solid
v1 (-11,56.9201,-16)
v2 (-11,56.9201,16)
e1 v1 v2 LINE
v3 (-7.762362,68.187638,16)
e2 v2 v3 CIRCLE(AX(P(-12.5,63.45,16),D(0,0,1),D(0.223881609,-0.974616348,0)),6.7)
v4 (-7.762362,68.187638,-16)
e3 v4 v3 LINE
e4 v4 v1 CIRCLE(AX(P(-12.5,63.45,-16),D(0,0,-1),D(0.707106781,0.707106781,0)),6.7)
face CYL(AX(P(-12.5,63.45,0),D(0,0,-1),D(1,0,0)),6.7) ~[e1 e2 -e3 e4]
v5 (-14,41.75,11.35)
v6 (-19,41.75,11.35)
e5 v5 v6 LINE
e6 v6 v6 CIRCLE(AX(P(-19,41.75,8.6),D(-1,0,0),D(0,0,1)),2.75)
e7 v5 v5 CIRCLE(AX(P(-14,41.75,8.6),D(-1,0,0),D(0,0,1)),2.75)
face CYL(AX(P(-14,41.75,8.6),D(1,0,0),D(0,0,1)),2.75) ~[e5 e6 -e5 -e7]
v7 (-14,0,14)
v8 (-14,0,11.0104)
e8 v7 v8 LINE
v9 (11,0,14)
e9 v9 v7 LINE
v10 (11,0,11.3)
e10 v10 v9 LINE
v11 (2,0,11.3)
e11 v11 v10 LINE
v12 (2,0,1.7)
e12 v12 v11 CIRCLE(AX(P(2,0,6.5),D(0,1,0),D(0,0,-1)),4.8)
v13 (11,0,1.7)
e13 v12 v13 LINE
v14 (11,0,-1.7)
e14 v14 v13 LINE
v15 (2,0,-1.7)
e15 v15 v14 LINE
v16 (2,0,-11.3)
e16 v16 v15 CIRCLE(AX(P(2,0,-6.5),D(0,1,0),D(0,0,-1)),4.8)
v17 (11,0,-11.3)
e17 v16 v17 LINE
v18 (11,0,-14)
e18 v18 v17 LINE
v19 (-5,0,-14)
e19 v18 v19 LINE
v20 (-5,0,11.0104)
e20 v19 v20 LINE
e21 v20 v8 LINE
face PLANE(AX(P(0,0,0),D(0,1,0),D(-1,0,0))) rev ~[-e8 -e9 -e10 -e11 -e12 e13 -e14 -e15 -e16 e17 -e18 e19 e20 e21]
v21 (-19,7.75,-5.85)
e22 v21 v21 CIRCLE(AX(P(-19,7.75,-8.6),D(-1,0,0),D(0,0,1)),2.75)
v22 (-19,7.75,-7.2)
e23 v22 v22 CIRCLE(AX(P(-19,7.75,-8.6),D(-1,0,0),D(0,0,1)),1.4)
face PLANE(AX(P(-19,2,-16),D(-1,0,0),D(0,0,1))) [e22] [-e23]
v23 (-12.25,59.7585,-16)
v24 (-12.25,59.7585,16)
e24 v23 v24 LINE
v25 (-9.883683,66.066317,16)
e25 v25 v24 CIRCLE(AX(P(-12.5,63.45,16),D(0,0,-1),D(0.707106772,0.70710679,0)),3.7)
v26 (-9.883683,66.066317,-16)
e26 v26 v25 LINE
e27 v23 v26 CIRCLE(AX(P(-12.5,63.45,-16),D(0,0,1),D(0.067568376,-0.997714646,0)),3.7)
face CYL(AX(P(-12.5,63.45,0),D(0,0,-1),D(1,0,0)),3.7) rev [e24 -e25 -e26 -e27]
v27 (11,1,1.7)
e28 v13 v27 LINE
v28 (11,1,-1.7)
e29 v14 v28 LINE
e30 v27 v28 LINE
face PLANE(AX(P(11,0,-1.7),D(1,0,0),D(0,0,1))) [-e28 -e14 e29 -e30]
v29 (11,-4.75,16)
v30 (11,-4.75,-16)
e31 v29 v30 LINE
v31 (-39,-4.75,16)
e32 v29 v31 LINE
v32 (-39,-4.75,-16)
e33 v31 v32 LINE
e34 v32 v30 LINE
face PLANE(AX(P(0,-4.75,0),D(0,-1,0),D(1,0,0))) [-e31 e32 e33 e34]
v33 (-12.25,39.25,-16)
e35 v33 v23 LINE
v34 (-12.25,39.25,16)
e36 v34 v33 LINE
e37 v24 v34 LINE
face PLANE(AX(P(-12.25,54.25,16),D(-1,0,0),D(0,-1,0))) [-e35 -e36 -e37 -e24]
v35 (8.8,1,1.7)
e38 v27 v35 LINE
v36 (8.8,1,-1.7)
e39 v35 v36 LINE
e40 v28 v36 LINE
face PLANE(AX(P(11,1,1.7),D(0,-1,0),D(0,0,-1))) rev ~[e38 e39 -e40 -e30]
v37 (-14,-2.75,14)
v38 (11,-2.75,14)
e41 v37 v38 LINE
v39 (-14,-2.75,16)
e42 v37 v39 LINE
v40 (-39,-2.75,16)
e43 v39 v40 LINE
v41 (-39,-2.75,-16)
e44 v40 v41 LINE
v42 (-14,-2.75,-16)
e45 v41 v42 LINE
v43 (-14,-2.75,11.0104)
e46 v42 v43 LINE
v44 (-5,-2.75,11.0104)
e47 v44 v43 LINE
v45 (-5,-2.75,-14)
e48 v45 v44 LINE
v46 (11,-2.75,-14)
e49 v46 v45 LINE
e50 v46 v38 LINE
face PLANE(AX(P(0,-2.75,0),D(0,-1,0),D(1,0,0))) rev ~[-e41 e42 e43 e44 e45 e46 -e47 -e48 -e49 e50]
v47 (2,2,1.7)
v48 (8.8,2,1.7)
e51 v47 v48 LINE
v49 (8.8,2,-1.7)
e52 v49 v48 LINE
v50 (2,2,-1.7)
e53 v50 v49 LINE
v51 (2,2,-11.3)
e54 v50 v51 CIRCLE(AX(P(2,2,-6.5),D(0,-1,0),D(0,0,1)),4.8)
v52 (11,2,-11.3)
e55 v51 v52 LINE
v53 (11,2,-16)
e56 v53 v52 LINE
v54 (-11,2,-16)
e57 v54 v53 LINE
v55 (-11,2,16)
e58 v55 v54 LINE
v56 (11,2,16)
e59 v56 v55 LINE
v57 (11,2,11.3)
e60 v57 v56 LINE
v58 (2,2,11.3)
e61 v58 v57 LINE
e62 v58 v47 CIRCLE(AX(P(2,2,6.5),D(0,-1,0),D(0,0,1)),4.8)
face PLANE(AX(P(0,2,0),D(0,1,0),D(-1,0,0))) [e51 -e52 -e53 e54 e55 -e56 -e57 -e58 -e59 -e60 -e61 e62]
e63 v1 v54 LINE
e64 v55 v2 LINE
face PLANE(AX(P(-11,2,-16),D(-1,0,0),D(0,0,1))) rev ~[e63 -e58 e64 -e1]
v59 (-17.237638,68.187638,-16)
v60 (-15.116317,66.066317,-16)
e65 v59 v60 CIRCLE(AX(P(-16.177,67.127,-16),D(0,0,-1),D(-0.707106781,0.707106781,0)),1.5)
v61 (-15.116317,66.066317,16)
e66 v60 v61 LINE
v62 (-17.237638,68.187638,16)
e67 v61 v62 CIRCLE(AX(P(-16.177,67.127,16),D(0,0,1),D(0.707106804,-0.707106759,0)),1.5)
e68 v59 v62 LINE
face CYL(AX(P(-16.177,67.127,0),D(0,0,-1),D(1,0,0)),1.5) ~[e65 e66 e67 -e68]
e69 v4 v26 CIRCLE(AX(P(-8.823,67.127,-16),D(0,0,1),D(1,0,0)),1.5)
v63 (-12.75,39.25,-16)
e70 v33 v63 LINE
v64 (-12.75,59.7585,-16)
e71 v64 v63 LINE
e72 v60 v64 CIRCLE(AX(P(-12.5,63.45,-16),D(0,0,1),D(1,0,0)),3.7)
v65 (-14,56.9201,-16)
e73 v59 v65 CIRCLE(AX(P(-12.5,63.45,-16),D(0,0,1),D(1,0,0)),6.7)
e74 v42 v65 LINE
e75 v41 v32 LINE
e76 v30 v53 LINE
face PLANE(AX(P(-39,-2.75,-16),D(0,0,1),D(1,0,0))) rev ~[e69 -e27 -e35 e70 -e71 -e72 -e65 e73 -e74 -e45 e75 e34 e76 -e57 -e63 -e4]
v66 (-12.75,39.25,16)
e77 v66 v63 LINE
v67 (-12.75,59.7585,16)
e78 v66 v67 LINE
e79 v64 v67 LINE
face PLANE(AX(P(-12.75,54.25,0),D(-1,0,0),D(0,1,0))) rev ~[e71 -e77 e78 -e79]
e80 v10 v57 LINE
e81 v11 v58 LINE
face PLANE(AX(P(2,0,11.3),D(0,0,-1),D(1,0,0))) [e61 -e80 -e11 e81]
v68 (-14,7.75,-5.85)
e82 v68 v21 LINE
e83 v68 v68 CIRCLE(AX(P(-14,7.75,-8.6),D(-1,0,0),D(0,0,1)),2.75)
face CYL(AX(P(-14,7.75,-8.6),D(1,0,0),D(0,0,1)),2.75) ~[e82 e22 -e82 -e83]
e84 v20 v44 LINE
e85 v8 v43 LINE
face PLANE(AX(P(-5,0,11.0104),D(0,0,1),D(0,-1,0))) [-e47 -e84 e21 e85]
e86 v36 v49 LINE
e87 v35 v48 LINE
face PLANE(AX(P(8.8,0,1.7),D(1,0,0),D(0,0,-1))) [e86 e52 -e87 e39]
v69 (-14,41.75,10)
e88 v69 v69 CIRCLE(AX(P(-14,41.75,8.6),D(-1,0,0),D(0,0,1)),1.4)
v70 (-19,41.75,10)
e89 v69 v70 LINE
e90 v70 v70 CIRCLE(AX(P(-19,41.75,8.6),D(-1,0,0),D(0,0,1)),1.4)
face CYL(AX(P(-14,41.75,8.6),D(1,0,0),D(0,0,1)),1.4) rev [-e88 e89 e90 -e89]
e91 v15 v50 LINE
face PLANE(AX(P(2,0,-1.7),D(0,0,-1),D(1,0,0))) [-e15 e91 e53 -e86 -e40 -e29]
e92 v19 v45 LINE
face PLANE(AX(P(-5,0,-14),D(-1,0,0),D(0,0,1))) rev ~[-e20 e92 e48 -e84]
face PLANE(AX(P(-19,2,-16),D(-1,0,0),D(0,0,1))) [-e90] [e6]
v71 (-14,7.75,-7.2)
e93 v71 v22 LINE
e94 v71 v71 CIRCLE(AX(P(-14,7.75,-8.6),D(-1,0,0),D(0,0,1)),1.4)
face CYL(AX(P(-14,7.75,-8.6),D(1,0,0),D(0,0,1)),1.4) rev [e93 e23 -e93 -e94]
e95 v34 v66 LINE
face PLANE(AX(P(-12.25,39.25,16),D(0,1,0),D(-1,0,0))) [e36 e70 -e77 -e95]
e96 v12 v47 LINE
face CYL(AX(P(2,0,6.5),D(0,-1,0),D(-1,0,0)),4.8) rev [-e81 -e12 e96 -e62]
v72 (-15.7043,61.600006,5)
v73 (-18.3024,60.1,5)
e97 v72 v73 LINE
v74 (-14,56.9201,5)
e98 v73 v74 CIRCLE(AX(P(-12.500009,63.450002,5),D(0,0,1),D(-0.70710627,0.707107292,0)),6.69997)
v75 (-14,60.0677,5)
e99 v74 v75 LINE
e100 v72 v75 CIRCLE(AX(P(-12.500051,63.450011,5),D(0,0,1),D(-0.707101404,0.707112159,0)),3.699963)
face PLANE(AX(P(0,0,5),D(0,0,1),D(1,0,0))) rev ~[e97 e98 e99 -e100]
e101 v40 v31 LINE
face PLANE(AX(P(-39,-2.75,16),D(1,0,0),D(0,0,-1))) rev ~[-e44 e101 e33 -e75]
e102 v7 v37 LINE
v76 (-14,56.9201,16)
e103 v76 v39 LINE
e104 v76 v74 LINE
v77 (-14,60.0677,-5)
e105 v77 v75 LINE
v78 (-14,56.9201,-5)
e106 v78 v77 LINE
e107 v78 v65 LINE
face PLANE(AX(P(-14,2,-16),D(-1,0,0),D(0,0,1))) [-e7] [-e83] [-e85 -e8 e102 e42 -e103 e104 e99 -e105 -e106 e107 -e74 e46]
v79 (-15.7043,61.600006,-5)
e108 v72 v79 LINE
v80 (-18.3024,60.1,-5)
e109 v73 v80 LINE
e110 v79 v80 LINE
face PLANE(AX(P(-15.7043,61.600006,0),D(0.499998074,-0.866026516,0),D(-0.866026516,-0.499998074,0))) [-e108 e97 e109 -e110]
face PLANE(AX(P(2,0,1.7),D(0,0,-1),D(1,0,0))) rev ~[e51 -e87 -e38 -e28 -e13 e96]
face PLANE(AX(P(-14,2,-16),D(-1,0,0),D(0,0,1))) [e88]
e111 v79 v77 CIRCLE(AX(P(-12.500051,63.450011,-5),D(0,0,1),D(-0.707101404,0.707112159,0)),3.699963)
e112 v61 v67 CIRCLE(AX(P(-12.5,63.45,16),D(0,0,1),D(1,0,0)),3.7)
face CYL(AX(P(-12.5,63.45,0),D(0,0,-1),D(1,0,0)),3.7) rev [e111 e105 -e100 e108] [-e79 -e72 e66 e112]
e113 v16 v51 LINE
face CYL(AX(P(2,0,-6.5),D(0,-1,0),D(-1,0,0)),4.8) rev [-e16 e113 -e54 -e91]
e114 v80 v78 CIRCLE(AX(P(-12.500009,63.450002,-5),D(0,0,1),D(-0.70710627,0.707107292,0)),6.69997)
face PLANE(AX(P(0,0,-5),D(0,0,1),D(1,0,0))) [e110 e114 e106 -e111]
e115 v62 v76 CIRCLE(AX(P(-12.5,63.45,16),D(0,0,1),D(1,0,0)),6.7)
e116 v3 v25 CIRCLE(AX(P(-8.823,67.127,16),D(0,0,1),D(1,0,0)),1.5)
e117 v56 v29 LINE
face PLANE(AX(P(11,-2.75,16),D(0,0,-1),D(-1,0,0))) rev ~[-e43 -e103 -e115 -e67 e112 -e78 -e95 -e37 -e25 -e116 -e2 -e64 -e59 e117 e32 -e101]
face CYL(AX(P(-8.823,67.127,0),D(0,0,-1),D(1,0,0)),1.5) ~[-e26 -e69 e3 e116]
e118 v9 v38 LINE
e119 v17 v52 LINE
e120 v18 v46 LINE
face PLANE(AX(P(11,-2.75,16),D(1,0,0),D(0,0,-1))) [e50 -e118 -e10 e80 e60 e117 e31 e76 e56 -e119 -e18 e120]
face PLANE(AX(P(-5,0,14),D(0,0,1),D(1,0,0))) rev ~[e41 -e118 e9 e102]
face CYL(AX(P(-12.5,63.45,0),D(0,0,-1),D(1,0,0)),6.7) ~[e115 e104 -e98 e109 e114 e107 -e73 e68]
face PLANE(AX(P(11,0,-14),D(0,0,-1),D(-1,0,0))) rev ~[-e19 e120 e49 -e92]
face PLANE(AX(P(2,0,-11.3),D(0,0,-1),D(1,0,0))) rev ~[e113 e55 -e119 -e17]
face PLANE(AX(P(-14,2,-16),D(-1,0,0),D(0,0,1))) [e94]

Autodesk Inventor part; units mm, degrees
ref_plane "YZ Plane" through (0, 0, 0) normal (1, 0, 0) x (0, 1, 0)
ref_plane "XZ Plane" through (0, 0, 0) normal (0, 1, 0) x (-1, 0, 0)
ref_plane "XY Plane" through (0, 0, 0) normal (0, 0, 1) x (1, 0, 0)
sketch "Sketch1" plane through (0, 0, 0) normal (0, 1, 0) x (-1, 0, 0)
  line L0 (11, -16) -> (-11, -16)
  line L1 (-11, -16) -> (-11, 16)
  line L2 (-11, 16) -> (11, 16)
  line L3 (11, 16) -> (11, -16)
  line L4 (11, -16) -> (-11, 16) construction
  line L5 (-11, -16) -> (11, 16) construction
  circle A0 centre (-2, 6.5) radius 4.8
  line L6 (-2, 6.5) -> (-2, -6.5)
  circle A1 centre (-2, -6.5) radius 4.8
  line L7 (-2, 11.3) -> (-11, 11.3)
  line L8 (-2, 1.7) -> (-11, 1.7)
  line L9 (-2, -1.7) -> (-11, -1.7)
  line L10 (-2, -11.3) -> (-11, -11.3)
  point P0 (0, 0)
  point P1 (-2, 0)
  dimension "d0" = 22
  dimension "d1" = 32
  dimension "d2" = 9.6
  dimension "d3" = 13
  dimension "d4" = 9.6
extrude "Extrusion1" add sketch "Sketch1" along normal blind 2 contours L0 L1 L10 A1 L6 A0 L7 L2 L3 | L1 L8 L6 L9
sketch "Sketch2" plane through (0, 0, 0) normal (0, -1, 0) x (1, 0, 0)
  line L0 (-11, 16) -> (11, 16) projected
  line L1 (11, 16) -> (-11, 16)
  line L2 (-11, -16) -> (-11, 16) projected
  line L3 (-11, 16) -> (-11, -16)
  line L4 (11, -16) -> (-11, -16) projected
  line L5 (-11, -16) -> (11, -16)
  line L6 (11, -16) -> (11, -14)
  line L7 (11, -11.3) -> (11, -16) projected
  line L8 (11, -14) -> (-5, -14)
  line L9 (-5, -14) -> (-5, 14)
  line L10 (-5, 14) -> (11, 14)
  line L11 (11, 16) -> (11, 11.3) projected
  point P0 (0, 0)
  dimension "d7" = 2
  dimension "d8" = 16
  dimension "d9" = 28
extrude "Extrusion2" add sketch "Sketch2" along normal blind 2.75
sketch "Sketch3" plane through (-11, 2, -16) normal (-1, 0, 0) x (0, 0, 1)
  line L0 (0, 0) -> (0, -4.75) projected
  line L1 (0, -4.75) -> (32, -4.75)
  line L2 (32, -4.75) -> (32, 49.75)
  line L3 (32, 49.75) -> (0, 49.75)
  line L4 (0, 49.75) -> (0, -4.75)
  point P0 (16, -2)
  dimension "d12" = 54.5
extrude "Extrusion3" add sketch "Sketch3" along normal blind 3
sketch "Sketch4" plane through (0, -2.75, 0) normal (0, -1, 0) x (1, 0, 0)
  line L0 (11, 16) -> (11, 11.3) projected
  line L1 (11, 16) -> (-39, 16)
  line L2 (-39, 16) -> (-39, -16)
  line L3 (-39, -16) -> (11, -16)
  line L4 (11, -16) -> (11, 16)
  point P0 (0, 0)
  dimension "d15" = 50
extrude "Extrusion4" add sketch "Sketch4" along normal blind 2
sketch "Sketch5" plane through (-5, 0, 14) normal (1, 0, 0) x (0, 0, -1)
  line L0 (0, 0) -> (0, -2.75) projected
  line L1 (30, -2.75) -> (-2, -2.75) projected
  line L2 (0, 0) -> (2.9896, 0)
  line L3 (2.9896, 0) -> (2.9896, -2.75)
  line L4 (2.9896, -2.75) -> (0, -2.5)
  line L5 (0, -2.5) -> (0, 0)
  point P0 (14, 0)
  dimension "d18" = 3
extrude "Extrusion5" cut sketch "Sketch5" against normal up to surface (9 mm away)
sketch "Sketch6" plane through (11, 0, 1.7) normal (1, 0, 0) x (0, 0, -1)
  line L0 (0, 0) -> (0, 2) projected
  line L1 (3.4, 0) -> (3.4, 2) projected
  line L2 (0, 1) -> (3.4, 1)
  line L3 (3.4, 1) -> (3.4, 2)
  line L4 (3.4, 2) -> (0, 2)
  line L5 (0, 2) -> (0, 1)
  point P0 (1.7, 0)
extrude "Extrusion6" cut sketch "Sketch6" against normal blind 2.2
sketch "Sketch8" plane through (-14, 2, -16) normal (-1, 0, 0) x (0, 0, 1)
  circle A0 centre (24.6, 39.75) radius 2.75
  circle A1 centre (24.6, 39.75) radius 1.4
  line L0 (4, 47.25) -> (28, 47.25) construction
  line L1 (28, 47.25) -> (28, -1.75) construction
  line L2 (28, -1.75) -> (4, -1.75) construction
  line L3 (4, -1.75) -> (4, 47.25) construction
  circle A2 centre (7.4, 5.75) radius 2.75
  circle A3 centre (7.4, 5.75) radius 1.4
  line L4 (4, 47.25) -> (28, -1.75) construction
  line L5 (32, -4.75) -> (32, -6.75) construction
  line L6 (32, 49.75) -> (0, 49.75) construction
  line L7 (0, -4.75) -> (32, 49.75) construction
  point P0 (16, -2)
  point P1 (16, 22.75)
  point P2 (16, 22.5)
  dimension "d24" = 5.5
  dimension "d25" = 2.8
  dimension "d26" = 24
  dimension "d27" = 49
  dimension "d28" = 3.4
  dimension "d29" = 7.5
  dimension "d30" = 5.5
  dimension "d31" = 2.8
  dimension "d32" = 3.4
  dimension "d33" = 7.5
extrude "Extrusion7" add sketch "Sketch8" along normal blind 5
sketch "Sketch9" plane through (0, 0, 0) normal (0, 0, 1) x (1, 0, 0)
  line L0 (-14, -2.75) -> (-14, 51.75) projected
  line L1 (-12.5, 56.75) -> (-12.5, 54.25) construction
  line L2 (-12.25, 56.75) -> (-12.25, 54.25)
  line L3 (-12.25, 54.25) -> (-12.75, 54.25)
  line L4 (-12.75, 54.25) -> (-12.75, 56.75)
  line L5 (-12.75, 56.75) -> (-12.25, 54.25) construction
  line L6 (-12.25, 56.75) -> (-12.75, 54.25) construction
  circle A0 centre (-12.5, 63.45) radius 3.7
  circle A1 centre (-12.5, 63.45) radius 6.7
  line L7 (-12.5, 63.45) -> (-12.5, 56.75) construction
  line L8 (-12.25, 56.75) -> (-12.25, 59.7585)
  line L9 (-12.25, 59.7585) -> (-12.75, 59.7585)
  line L10 (-12.75, 59.7585) -> (-12.75, 56.75)
  line L11 (-12.75, 59.7585) -> (-12.25, 59.7585)
  line L12 (-12.25, 59.7585) -> (-12.25, 70.1453)
  line L13 (-12.25, 70.1453) -> (-12.75, 70.1453)
  line L14 (-12.75, 70.1453) -> (-12.75, 59.7585)
  line L15 (-12.5, 63.45) -> (-5.8, 63.45) construction
  line L16 (-12.5, 63.45) -> (-5.8, 63.45) construction
  line L17 (-7.7624, 68.1876) -> (-9.8837, 66.0663) construction
  line L18 (-17.2376, 68.1876) -> (-15.1163, 66.0663) construction
  circle A2 centre (-16.177, 67.127) radius 1.5
  circle A3 centre (-8.823, 67.127) radius 1.5
  line L19 (-11, 51.75) -> (-14, 51.75) projected
  line L20 (-14, 51.75) -> (-11, 51.75)
  line L21 (-11, 51.75) -> (-11, 56.75)
  line L22 (-11, 56.75) -> (-14, 56.75)
  line L23 (-14, 56.75) -> (-14, 51.75)
  line L24 (-14, 56.75) -> (-11, 56.75)
  line L25 (-11, 56.75) -> (-11, 56.9201)
  line L26 (-11, 56.9201) -> (-14, 56.9201)
  line L27 (-14, 56.9201) -> (-14, 56.75)
  point P0 (0, 0)
  point P1 (-12.5, 55.5)
  point P2 (-17.2376, 68.1876)
  point P3 (-12.75, 56.7547)
  point P4 (-12.25, 56.7547)
  point P5 (-7.7624, 68.1876)
  dimension "d47" = 0.5
  dimension "d48" = 7.4
  dimension "d49" = 13.4
  dimension "d50" = 5
extrude "Extrusion8" add sketch "Sketch9" along normal mid plane 32 contours L22 L21 L19 L23 L4 L3 L2 | L8 A1 L25 L22 | L8 L26 A1 | L26 L8 A0 A3 A1 | L10 L22 L27 A1 | A1 L26 L10 | L26 A1 A2 A0 L10 | A3 | A2
sketch "Sketch10" plane through (-11, 2, 16) normal (0, 0, 1) x (1, 0, 0)
  line L0 (-1.75, 52.25) -> (-1.25, 52.25) projected
  line L1 (-1.75, 52.25) -> (-1.25, 52.25)
  line L2 (-1.25, 52.25) -> (-1.25, 37.25)
  line L3 (-1.25, 37.25) -> (-1.75, 37.25)
  line L4 (-1.75, 37.25) -> (-1.75, 52.25)
  point P0 (11, -2)
  dimension "d51" = 15
extrude "Extrusion9" cut sketch "Sketch10" against normal through all
sketch "Sketch11" plane through (0, 0, 0) normal (0, 0, 1) x (1, 0, 0)
  line L0 (-14, -2.75) -> (-14, 56.9201) projected
  line L1 (-14, 56.9201) -> (-14, 60.0677)
  arc A0 (-15.1163, 66.0663) -> (-12.75, 59.7585) centre (-12.5, 63.45) ccw projected
  line L2 (-12.5, 63.45) -> (-18.3024, 60.1)
  arc A1 (-17.2376, 68.1876) -> (-14, 56.9201) centre (-12.5, 63.45) ccw projected
  point P0 (0, 0)
  point P1 (-15.7043, 61.6)
  dimension "d56" = 60
extrude "Extrusion10" cut sketch "Sketch11" along normal mid plane 10
properties part number "prototype_8_1_3DPrint"
